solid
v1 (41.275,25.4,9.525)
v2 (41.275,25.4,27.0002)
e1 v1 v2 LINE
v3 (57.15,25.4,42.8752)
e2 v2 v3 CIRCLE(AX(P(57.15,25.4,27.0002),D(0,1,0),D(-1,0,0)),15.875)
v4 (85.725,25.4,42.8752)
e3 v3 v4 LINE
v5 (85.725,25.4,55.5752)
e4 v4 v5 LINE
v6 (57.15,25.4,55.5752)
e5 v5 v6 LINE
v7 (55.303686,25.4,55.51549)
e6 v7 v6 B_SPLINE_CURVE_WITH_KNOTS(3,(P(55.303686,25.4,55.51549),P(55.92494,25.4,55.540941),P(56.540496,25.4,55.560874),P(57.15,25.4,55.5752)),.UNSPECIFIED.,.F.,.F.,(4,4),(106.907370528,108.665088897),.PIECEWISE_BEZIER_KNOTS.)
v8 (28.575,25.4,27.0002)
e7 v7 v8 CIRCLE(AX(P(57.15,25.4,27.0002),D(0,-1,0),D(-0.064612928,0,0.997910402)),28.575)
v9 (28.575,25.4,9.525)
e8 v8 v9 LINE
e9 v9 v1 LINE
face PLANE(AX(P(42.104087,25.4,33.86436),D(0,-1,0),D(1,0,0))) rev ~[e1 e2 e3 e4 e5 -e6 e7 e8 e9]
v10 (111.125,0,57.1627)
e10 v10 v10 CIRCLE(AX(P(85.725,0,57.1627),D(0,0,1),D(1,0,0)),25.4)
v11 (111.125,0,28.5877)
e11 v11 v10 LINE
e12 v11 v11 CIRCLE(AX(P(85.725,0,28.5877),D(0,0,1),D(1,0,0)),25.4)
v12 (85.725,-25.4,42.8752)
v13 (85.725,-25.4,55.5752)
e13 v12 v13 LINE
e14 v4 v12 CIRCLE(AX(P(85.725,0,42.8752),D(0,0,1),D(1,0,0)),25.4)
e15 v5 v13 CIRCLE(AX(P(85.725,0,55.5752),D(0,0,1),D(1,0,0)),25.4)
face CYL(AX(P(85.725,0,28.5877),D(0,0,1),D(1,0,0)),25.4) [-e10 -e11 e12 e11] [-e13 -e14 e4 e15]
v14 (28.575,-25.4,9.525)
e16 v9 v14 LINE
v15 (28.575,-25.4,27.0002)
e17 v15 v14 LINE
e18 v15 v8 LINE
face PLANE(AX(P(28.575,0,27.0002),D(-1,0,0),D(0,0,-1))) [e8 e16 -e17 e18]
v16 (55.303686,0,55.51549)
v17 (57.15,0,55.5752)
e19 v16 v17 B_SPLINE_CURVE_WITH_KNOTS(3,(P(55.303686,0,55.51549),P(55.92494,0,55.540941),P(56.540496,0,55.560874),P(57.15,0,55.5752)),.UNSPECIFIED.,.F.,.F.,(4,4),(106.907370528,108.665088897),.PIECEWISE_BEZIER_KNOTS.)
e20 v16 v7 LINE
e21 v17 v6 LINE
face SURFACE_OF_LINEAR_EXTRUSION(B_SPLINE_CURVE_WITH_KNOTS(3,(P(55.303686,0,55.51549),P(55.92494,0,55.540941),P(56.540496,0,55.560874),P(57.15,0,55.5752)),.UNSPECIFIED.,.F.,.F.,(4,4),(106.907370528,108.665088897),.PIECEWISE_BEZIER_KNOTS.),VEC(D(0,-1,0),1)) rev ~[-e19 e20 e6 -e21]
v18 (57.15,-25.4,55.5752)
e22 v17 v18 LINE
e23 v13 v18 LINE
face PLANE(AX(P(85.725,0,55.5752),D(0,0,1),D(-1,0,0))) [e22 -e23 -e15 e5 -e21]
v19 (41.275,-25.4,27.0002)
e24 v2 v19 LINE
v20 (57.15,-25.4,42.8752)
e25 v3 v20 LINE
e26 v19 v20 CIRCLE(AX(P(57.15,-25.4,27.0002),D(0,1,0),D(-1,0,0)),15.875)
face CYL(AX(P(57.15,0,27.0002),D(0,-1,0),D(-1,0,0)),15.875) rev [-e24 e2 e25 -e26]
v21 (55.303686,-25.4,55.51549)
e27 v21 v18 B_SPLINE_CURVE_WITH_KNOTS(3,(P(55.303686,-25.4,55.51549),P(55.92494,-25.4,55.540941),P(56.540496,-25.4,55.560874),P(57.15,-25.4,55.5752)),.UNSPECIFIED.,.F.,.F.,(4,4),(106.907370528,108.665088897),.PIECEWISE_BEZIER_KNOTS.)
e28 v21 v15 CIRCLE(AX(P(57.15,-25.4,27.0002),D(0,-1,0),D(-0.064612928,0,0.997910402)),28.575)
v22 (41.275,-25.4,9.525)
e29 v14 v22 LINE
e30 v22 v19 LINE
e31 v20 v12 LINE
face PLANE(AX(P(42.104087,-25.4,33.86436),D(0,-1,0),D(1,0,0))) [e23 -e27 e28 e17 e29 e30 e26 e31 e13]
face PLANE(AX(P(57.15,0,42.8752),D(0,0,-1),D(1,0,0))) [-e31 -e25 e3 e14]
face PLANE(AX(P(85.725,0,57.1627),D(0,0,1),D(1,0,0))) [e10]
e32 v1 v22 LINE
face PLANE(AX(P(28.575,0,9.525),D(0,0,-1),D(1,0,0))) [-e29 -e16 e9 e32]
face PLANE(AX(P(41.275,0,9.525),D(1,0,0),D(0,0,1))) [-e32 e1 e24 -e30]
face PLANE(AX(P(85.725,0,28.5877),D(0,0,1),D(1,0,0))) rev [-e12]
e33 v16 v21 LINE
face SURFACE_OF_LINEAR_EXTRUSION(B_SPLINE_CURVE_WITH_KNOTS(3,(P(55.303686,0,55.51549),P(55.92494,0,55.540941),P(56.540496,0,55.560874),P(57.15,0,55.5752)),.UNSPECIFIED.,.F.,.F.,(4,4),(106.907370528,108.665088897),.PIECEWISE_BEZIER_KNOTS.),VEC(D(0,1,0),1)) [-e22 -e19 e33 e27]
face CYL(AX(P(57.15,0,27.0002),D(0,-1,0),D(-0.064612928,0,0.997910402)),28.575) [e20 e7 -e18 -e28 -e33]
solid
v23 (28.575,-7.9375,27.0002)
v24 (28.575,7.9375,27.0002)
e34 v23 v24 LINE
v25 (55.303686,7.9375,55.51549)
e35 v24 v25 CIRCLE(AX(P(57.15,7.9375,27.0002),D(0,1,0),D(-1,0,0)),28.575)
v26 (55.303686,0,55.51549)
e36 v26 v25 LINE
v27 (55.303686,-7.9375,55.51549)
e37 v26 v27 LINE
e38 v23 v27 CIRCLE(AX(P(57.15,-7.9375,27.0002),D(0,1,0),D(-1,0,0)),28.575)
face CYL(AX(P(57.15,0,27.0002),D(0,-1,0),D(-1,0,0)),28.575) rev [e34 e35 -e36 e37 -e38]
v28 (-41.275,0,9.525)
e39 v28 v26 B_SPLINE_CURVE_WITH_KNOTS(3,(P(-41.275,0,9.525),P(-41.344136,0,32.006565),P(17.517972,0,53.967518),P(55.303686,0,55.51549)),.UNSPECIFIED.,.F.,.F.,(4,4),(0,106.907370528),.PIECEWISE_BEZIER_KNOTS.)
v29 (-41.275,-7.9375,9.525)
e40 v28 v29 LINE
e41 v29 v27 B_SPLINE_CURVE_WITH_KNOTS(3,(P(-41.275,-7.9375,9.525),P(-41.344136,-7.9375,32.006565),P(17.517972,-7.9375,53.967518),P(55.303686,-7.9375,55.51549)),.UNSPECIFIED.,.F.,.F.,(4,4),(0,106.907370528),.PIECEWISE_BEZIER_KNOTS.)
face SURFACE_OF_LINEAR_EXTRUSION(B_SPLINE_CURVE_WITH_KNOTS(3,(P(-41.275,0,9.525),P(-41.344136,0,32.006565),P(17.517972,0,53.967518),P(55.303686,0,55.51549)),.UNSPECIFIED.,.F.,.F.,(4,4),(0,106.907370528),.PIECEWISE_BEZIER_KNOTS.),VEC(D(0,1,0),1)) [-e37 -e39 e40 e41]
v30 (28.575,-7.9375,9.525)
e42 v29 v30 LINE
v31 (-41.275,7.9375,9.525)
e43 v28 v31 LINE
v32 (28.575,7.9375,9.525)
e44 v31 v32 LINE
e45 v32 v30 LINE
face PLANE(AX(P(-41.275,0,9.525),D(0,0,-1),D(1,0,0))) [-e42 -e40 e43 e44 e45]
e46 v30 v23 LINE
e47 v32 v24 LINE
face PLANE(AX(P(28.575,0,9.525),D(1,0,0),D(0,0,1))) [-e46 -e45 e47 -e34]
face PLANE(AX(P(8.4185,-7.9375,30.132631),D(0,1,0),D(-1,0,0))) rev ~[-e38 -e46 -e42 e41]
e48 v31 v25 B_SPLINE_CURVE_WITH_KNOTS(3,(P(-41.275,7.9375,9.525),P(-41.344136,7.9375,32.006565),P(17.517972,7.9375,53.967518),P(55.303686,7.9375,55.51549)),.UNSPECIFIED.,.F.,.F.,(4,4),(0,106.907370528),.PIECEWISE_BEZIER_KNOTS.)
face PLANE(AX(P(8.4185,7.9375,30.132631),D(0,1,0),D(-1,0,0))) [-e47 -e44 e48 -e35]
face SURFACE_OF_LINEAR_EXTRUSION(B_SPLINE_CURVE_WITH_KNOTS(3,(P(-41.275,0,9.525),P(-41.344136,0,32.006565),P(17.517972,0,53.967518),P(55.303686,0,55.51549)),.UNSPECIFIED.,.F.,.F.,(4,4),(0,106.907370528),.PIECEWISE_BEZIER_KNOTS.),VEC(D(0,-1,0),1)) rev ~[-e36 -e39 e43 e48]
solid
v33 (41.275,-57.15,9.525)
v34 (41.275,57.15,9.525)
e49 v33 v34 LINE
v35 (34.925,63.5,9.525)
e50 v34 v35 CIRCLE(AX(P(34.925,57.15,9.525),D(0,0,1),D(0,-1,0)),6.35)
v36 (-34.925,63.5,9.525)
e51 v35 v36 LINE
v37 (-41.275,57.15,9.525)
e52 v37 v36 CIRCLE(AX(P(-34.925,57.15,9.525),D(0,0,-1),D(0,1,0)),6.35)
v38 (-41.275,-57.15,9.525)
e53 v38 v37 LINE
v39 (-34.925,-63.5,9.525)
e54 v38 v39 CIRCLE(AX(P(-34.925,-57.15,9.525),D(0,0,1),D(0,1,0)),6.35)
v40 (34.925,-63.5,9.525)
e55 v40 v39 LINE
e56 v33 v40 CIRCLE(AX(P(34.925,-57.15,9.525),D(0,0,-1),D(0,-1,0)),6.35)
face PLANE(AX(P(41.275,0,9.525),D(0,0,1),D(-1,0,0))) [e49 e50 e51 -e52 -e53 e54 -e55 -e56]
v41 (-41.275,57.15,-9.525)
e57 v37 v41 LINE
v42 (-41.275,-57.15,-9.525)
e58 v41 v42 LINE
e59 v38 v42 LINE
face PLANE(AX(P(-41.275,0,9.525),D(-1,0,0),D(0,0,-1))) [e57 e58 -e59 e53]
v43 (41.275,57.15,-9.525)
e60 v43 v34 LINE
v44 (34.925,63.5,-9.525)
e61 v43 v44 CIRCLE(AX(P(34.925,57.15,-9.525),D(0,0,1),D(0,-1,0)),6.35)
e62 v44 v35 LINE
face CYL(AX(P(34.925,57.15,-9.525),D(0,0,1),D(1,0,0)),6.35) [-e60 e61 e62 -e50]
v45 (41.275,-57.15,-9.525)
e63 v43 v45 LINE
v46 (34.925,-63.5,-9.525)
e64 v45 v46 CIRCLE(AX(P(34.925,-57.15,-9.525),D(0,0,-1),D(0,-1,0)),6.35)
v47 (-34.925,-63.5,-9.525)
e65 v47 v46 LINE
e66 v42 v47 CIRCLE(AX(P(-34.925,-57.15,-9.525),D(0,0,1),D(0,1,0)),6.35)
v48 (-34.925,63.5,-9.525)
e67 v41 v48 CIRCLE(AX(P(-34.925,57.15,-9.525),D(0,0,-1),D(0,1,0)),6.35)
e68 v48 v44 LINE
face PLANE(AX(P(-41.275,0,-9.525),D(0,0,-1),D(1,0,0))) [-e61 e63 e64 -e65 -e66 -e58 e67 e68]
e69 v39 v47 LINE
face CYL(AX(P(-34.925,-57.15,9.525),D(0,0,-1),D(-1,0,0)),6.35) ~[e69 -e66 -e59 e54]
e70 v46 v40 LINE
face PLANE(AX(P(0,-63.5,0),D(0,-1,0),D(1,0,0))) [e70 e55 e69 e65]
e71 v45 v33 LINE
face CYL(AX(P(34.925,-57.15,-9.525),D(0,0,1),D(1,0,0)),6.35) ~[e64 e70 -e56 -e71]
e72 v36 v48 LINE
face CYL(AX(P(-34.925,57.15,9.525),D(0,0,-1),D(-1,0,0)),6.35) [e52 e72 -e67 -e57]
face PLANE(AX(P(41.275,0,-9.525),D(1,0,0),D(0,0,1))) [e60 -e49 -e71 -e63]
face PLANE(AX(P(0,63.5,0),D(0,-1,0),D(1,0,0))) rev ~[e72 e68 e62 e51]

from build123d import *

# Parameters (mm, degrees)
F1_DEPTH = 63.5
F0_W     = 25.4
F0_H     = 12.7
F2_DEPTH = 25.4
F3_DEPTH = 7.9375
F5_R     = 6.35


with BuildPart() as f1:
    # F0 (on Front) → F1 (new body, symmetric)
    with BuildSketch(Plane.XZ):
        Polygon((28.575, 9.525), (-41.275, 9.525), (-41.275, -9.525), (41.275, -9.525), (41.275, 9.525), align=None)
    extrude(amount=F1_DEPTH, both=True)

    # F5
    f5_edges = [f1.edges().sort_by_distance(p)[0] for p in [
        (41.275, -63.5, 0),
        (41.275, 63.5, 0),
        (-41.275, -63.5, 0),
        (-41.275, 63.5, 0),
    ]]
    fillet(f5_edges, radius=F5_R)


with BuildPart() as f2:
    # F0 (on Front) → F2 (new body, symmetric)
    with BuildSketch(Plane.XZ):
        with BuildLine():
            Line((28.575, 27.0002), (28.575, 9.525))
            Line((28.575, 9.525), (41.275, 9.525))
            Line((41.275, 9.525), (41.275, 27.0002))
            ThreePointArc((41.275, 27.0002), (45.9246798487, 38.2255201513), (57.15, 42.8752))
            Line((57.15, 42.8752), (60.325, 42.8752))
            Line((60.325, 42.8752), (60.325, 55.5752))
            Line((60.325, 55.5752), (57.15, 55.5752))
            add(Edge.make_bspline(
                [(55.3036855907, 55.515489725), (55.9249396968, 55.5409407223), (56.5404963651, 55.560873618), (57.15, 55.5752)],
                knots=[106.9073705279, 106.9073705279, 106.9073705279, 106.9073705279, 108.6650888972, 108.6650888972, 108.6650888972, 108.6650888972], degree=3))
            ThreePointArc((55.3036855907, 55.515489725), (36.3018698771, 46.5421061347), (28.575, 27.0002))
        make_face()
        with Locations((73.025, 49.2252)):
            Rectangle(F0_W, F0_H)
    extrude(amount=F2_DEPTH, both=True)

    # F0 (on Front) → F4 (revolve)
    with BuildSketch(Plane.XZ):
        Polygon((85.725, 57.1627), (85.725, 55.5752), (85.725, 42.8752), (85.725, 28.5877), (111.125, 28.5877), (111.125, 57.1627), align=None)
    revolve(axis=Axis((85.725, 0, 42.8752), (0, 0, 1)))


with BuildPart() as f3:
    # F0 (on Front) → F3 (new body, symmetric)
    with BuildSketch(Plane.XZ):
        with BuildLine():
            add(Edge.make_bspline(
                [(-41.275, 9.525), (-41.344135521, 32.0065654019), (17.5179719771, 53.9675175093), (55.3036855907, 55.515489725)],
                knots=[0, 0, 0, 0, 106.9073705279, 106.9073705279, 106.9073705279, 106.9073705279], degree=3))
            Line((-41.275, 9.525), (28.575, 9.525))
            Line((28.575, 9.525), (28.575, 27.0002))
            ThreePointArc((28.575, 27.0002), (36.3018698771, 46.5421061347), (55.3036855907, 55.515489725))
        make_face()
    extrude(amount=F3_DEPTH, both=True)


solid = Compound([f1.part, f2.part, f3.part])
